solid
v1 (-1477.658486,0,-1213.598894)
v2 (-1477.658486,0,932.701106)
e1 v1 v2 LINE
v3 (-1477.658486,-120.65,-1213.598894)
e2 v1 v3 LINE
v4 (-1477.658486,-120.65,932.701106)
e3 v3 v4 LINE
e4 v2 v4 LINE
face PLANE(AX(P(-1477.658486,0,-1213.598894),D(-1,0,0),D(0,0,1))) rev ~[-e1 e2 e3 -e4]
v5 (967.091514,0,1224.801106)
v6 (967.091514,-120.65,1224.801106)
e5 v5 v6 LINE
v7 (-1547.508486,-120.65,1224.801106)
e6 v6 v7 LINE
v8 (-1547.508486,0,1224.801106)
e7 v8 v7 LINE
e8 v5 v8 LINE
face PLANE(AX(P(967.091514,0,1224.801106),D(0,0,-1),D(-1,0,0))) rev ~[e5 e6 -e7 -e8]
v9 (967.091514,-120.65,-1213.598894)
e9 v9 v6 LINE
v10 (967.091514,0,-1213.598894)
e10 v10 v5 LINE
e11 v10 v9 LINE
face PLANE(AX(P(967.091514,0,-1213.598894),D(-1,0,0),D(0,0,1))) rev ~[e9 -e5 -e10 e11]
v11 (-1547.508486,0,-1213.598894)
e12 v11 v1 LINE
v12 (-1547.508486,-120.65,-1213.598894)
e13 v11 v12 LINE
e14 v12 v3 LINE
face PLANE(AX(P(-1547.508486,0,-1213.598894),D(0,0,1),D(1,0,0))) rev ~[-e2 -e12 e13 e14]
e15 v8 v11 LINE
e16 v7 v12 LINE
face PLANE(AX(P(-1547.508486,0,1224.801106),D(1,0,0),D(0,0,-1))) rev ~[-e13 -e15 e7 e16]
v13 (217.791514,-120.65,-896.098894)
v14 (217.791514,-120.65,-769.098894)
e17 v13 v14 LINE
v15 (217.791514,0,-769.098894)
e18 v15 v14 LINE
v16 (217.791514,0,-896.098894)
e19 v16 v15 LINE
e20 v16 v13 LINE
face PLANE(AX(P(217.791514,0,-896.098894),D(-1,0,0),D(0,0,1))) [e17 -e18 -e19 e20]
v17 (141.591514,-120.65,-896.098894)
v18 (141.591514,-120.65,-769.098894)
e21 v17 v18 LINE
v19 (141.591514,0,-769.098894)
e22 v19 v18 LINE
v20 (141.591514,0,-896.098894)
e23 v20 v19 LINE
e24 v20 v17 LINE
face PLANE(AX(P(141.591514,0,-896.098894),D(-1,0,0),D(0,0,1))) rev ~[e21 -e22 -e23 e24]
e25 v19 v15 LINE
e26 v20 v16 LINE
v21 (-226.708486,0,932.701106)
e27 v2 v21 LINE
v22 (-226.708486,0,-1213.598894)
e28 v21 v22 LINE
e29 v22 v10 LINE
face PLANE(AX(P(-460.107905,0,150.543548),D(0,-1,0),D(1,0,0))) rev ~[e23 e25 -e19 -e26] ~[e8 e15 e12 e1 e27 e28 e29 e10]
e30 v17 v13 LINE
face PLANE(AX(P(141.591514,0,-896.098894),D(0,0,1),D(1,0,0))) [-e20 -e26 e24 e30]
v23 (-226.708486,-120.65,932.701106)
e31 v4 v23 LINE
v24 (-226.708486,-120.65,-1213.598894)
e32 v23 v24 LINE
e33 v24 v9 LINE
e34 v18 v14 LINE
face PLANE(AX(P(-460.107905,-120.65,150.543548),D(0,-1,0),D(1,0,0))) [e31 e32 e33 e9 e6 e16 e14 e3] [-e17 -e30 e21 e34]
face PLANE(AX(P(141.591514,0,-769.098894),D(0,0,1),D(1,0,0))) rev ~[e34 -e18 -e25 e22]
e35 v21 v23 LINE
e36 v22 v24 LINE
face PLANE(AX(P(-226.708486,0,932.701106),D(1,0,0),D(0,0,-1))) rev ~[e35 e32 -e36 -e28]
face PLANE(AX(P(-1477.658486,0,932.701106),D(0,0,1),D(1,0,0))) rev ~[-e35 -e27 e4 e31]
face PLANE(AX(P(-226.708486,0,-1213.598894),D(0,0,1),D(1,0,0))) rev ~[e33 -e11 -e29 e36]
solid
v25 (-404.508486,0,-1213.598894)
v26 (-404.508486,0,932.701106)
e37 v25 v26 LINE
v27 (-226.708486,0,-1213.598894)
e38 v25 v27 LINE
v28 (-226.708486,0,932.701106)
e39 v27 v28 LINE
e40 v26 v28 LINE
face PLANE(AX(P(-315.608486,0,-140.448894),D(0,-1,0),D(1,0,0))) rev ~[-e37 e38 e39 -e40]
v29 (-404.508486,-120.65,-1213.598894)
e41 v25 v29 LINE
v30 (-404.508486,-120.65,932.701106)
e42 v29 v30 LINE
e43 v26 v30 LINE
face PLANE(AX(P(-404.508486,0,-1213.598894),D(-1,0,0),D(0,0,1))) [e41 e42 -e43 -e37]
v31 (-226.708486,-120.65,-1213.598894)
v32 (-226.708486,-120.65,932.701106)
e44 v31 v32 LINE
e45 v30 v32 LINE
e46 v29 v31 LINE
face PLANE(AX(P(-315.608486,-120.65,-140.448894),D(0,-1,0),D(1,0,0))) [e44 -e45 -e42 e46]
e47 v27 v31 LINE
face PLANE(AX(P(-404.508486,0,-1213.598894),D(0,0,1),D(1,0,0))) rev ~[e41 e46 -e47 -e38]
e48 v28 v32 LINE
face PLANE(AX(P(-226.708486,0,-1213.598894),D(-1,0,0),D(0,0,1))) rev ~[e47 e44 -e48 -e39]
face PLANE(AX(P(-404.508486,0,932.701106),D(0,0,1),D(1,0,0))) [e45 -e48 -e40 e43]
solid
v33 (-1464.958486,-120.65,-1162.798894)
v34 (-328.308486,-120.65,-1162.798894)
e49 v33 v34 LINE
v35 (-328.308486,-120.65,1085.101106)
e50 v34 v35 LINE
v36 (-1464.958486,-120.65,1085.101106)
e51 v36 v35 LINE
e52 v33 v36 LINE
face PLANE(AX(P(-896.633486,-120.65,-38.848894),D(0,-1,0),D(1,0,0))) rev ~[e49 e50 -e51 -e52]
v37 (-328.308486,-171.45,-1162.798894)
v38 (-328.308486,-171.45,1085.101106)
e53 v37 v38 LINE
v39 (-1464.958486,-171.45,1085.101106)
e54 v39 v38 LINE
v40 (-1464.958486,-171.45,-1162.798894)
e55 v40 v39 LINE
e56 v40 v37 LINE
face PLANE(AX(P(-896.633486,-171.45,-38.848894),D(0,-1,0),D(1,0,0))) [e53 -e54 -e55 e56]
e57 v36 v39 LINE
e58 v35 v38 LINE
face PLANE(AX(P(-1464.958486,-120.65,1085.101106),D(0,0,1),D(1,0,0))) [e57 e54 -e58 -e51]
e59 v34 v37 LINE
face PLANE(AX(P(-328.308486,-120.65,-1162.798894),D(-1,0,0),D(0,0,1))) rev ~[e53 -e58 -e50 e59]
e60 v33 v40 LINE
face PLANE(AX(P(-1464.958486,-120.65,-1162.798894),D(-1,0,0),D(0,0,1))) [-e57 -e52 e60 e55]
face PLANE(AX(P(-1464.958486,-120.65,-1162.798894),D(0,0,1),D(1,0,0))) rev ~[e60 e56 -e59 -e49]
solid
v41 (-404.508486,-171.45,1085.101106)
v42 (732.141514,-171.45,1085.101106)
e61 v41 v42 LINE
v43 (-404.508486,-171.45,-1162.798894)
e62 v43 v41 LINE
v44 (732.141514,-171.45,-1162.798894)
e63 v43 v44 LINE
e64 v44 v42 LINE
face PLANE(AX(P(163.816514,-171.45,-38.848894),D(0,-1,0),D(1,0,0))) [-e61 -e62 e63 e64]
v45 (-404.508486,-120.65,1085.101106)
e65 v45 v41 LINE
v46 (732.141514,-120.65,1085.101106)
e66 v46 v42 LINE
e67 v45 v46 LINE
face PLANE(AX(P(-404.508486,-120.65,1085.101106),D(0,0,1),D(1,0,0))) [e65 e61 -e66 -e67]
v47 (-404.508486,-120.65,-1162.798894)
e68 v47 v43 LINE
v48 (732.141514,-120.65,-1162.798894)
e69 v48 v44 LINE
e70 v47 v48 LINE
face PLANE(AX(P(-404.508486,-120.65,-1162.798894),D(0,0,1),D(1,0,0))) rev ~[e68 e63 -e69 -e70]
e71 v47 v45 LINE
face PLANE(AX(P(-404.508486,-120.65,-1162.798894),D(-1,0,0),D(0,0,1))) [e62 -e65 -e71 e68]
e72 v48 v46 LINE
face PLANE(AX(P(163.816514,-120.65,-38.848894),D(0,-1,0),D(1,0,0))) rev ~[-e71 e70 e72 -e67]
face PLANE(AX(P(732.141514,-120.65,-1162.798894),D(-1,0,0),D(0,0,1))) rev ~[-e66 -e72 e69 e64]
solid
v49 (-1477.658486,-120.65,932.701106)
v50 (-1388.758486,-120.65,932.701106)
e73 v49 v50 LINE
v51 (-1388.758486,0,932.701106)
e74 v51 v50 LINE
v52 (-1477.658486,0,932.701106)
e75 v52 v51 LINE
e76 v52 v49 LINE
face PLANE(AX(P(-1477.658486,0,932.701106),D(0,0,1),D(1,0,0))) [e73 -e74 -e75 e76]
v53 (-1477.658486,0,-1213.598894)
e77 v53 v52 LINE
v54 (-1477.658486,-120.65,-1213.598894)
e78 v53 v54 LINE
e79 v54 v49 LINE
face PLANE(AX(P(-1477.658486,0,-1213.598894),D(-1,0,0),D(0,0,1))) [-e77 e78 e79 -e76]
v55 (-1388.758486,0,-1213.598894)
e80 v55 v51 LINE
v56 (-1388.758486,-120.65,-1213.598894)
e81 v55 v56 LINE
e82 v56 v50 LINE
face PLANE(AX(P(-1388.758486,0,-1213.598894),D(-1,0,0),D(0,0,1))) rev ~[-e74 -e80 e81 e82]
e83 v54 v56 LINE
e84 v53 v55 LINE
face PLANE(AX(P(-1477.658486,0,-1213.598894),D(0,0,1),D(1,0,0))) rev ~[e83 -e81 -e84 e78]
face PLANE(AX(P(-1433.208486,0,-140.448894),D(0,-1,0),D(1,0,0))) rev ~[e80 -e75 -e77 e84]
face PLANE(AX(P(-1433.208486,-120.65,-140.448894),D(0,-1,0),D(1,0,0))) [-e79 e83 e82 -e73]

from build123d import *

# Parameters (mm, degrees)
F0_W     = 76.2
F0_H     = 127
F1_DEPTH = 120.65
F2_W     = 88.9
F2_H     = 2146.3
F2_W_2   = 177.8
F3_DEPTH = 120.65
F4_W     = 1136.65
F4_H     = 2247.9
F5_DEPTH = 50.8
F6_W     = 1136.65
F6_H     = 2247.9
F7_DEPTH = 50.8


with BuildPart() as f1:
    # F0 (on Front) → F1 (new body)
    with BuildSketch(Plane.XZ):
        Polygon((967.091514, 1224.801106), (-1547.508486, 1224.801106), (-1547.508486, -1213.598894), (-1477.658486, -1213.598894), (-1477.658486, 932.701106), (-226.708486, 932.701106), (-226.708486, -1213.598894), (967.091514, -1213.598894), align=None)
        with Locations((179.691514, -832.598894)):
            Rectangle(F0_W, F0_H, mode=Mode.SUBTRACT)
    extrude(amount=F1_DEPTH)


with BuildPart() as f3:
    # F2 (on Front) → F3 (new body, through all)
    with BuildSketch(Plane.XZ):
        with Locations((-1433.208486, -140.448894)):
            Rectangle(F2_W, F2_H)
        with Locations((-315.608486, -140.448894)):
            Rectangle(F2_W_2, F2_H)
    extrude(amount=F3_DEPTH)


with BuildPart() as f5:
    # F4 (on face) → F5 (new body)
    with BuildSketch(Plane.XZ.offset(120.65)):
        with Locations((-896.633486, -38.848894)):
            Rectangle(F4_W, F4_H)
    extrude(amount=F5_DEPTH)


with BuildPart() as f7:
    # F6 (on face) → F7 (new body)
    with BuildSketch(Plane.XZ.offset(120.65)):
        with Locations((163.816514, -38.848894)):
            Rectangle(F6_W, F6_H)
    extrude(amount=F7_DEPTH)


solid = Compound([f1.part, f3.part, f5.part, f7.part])
